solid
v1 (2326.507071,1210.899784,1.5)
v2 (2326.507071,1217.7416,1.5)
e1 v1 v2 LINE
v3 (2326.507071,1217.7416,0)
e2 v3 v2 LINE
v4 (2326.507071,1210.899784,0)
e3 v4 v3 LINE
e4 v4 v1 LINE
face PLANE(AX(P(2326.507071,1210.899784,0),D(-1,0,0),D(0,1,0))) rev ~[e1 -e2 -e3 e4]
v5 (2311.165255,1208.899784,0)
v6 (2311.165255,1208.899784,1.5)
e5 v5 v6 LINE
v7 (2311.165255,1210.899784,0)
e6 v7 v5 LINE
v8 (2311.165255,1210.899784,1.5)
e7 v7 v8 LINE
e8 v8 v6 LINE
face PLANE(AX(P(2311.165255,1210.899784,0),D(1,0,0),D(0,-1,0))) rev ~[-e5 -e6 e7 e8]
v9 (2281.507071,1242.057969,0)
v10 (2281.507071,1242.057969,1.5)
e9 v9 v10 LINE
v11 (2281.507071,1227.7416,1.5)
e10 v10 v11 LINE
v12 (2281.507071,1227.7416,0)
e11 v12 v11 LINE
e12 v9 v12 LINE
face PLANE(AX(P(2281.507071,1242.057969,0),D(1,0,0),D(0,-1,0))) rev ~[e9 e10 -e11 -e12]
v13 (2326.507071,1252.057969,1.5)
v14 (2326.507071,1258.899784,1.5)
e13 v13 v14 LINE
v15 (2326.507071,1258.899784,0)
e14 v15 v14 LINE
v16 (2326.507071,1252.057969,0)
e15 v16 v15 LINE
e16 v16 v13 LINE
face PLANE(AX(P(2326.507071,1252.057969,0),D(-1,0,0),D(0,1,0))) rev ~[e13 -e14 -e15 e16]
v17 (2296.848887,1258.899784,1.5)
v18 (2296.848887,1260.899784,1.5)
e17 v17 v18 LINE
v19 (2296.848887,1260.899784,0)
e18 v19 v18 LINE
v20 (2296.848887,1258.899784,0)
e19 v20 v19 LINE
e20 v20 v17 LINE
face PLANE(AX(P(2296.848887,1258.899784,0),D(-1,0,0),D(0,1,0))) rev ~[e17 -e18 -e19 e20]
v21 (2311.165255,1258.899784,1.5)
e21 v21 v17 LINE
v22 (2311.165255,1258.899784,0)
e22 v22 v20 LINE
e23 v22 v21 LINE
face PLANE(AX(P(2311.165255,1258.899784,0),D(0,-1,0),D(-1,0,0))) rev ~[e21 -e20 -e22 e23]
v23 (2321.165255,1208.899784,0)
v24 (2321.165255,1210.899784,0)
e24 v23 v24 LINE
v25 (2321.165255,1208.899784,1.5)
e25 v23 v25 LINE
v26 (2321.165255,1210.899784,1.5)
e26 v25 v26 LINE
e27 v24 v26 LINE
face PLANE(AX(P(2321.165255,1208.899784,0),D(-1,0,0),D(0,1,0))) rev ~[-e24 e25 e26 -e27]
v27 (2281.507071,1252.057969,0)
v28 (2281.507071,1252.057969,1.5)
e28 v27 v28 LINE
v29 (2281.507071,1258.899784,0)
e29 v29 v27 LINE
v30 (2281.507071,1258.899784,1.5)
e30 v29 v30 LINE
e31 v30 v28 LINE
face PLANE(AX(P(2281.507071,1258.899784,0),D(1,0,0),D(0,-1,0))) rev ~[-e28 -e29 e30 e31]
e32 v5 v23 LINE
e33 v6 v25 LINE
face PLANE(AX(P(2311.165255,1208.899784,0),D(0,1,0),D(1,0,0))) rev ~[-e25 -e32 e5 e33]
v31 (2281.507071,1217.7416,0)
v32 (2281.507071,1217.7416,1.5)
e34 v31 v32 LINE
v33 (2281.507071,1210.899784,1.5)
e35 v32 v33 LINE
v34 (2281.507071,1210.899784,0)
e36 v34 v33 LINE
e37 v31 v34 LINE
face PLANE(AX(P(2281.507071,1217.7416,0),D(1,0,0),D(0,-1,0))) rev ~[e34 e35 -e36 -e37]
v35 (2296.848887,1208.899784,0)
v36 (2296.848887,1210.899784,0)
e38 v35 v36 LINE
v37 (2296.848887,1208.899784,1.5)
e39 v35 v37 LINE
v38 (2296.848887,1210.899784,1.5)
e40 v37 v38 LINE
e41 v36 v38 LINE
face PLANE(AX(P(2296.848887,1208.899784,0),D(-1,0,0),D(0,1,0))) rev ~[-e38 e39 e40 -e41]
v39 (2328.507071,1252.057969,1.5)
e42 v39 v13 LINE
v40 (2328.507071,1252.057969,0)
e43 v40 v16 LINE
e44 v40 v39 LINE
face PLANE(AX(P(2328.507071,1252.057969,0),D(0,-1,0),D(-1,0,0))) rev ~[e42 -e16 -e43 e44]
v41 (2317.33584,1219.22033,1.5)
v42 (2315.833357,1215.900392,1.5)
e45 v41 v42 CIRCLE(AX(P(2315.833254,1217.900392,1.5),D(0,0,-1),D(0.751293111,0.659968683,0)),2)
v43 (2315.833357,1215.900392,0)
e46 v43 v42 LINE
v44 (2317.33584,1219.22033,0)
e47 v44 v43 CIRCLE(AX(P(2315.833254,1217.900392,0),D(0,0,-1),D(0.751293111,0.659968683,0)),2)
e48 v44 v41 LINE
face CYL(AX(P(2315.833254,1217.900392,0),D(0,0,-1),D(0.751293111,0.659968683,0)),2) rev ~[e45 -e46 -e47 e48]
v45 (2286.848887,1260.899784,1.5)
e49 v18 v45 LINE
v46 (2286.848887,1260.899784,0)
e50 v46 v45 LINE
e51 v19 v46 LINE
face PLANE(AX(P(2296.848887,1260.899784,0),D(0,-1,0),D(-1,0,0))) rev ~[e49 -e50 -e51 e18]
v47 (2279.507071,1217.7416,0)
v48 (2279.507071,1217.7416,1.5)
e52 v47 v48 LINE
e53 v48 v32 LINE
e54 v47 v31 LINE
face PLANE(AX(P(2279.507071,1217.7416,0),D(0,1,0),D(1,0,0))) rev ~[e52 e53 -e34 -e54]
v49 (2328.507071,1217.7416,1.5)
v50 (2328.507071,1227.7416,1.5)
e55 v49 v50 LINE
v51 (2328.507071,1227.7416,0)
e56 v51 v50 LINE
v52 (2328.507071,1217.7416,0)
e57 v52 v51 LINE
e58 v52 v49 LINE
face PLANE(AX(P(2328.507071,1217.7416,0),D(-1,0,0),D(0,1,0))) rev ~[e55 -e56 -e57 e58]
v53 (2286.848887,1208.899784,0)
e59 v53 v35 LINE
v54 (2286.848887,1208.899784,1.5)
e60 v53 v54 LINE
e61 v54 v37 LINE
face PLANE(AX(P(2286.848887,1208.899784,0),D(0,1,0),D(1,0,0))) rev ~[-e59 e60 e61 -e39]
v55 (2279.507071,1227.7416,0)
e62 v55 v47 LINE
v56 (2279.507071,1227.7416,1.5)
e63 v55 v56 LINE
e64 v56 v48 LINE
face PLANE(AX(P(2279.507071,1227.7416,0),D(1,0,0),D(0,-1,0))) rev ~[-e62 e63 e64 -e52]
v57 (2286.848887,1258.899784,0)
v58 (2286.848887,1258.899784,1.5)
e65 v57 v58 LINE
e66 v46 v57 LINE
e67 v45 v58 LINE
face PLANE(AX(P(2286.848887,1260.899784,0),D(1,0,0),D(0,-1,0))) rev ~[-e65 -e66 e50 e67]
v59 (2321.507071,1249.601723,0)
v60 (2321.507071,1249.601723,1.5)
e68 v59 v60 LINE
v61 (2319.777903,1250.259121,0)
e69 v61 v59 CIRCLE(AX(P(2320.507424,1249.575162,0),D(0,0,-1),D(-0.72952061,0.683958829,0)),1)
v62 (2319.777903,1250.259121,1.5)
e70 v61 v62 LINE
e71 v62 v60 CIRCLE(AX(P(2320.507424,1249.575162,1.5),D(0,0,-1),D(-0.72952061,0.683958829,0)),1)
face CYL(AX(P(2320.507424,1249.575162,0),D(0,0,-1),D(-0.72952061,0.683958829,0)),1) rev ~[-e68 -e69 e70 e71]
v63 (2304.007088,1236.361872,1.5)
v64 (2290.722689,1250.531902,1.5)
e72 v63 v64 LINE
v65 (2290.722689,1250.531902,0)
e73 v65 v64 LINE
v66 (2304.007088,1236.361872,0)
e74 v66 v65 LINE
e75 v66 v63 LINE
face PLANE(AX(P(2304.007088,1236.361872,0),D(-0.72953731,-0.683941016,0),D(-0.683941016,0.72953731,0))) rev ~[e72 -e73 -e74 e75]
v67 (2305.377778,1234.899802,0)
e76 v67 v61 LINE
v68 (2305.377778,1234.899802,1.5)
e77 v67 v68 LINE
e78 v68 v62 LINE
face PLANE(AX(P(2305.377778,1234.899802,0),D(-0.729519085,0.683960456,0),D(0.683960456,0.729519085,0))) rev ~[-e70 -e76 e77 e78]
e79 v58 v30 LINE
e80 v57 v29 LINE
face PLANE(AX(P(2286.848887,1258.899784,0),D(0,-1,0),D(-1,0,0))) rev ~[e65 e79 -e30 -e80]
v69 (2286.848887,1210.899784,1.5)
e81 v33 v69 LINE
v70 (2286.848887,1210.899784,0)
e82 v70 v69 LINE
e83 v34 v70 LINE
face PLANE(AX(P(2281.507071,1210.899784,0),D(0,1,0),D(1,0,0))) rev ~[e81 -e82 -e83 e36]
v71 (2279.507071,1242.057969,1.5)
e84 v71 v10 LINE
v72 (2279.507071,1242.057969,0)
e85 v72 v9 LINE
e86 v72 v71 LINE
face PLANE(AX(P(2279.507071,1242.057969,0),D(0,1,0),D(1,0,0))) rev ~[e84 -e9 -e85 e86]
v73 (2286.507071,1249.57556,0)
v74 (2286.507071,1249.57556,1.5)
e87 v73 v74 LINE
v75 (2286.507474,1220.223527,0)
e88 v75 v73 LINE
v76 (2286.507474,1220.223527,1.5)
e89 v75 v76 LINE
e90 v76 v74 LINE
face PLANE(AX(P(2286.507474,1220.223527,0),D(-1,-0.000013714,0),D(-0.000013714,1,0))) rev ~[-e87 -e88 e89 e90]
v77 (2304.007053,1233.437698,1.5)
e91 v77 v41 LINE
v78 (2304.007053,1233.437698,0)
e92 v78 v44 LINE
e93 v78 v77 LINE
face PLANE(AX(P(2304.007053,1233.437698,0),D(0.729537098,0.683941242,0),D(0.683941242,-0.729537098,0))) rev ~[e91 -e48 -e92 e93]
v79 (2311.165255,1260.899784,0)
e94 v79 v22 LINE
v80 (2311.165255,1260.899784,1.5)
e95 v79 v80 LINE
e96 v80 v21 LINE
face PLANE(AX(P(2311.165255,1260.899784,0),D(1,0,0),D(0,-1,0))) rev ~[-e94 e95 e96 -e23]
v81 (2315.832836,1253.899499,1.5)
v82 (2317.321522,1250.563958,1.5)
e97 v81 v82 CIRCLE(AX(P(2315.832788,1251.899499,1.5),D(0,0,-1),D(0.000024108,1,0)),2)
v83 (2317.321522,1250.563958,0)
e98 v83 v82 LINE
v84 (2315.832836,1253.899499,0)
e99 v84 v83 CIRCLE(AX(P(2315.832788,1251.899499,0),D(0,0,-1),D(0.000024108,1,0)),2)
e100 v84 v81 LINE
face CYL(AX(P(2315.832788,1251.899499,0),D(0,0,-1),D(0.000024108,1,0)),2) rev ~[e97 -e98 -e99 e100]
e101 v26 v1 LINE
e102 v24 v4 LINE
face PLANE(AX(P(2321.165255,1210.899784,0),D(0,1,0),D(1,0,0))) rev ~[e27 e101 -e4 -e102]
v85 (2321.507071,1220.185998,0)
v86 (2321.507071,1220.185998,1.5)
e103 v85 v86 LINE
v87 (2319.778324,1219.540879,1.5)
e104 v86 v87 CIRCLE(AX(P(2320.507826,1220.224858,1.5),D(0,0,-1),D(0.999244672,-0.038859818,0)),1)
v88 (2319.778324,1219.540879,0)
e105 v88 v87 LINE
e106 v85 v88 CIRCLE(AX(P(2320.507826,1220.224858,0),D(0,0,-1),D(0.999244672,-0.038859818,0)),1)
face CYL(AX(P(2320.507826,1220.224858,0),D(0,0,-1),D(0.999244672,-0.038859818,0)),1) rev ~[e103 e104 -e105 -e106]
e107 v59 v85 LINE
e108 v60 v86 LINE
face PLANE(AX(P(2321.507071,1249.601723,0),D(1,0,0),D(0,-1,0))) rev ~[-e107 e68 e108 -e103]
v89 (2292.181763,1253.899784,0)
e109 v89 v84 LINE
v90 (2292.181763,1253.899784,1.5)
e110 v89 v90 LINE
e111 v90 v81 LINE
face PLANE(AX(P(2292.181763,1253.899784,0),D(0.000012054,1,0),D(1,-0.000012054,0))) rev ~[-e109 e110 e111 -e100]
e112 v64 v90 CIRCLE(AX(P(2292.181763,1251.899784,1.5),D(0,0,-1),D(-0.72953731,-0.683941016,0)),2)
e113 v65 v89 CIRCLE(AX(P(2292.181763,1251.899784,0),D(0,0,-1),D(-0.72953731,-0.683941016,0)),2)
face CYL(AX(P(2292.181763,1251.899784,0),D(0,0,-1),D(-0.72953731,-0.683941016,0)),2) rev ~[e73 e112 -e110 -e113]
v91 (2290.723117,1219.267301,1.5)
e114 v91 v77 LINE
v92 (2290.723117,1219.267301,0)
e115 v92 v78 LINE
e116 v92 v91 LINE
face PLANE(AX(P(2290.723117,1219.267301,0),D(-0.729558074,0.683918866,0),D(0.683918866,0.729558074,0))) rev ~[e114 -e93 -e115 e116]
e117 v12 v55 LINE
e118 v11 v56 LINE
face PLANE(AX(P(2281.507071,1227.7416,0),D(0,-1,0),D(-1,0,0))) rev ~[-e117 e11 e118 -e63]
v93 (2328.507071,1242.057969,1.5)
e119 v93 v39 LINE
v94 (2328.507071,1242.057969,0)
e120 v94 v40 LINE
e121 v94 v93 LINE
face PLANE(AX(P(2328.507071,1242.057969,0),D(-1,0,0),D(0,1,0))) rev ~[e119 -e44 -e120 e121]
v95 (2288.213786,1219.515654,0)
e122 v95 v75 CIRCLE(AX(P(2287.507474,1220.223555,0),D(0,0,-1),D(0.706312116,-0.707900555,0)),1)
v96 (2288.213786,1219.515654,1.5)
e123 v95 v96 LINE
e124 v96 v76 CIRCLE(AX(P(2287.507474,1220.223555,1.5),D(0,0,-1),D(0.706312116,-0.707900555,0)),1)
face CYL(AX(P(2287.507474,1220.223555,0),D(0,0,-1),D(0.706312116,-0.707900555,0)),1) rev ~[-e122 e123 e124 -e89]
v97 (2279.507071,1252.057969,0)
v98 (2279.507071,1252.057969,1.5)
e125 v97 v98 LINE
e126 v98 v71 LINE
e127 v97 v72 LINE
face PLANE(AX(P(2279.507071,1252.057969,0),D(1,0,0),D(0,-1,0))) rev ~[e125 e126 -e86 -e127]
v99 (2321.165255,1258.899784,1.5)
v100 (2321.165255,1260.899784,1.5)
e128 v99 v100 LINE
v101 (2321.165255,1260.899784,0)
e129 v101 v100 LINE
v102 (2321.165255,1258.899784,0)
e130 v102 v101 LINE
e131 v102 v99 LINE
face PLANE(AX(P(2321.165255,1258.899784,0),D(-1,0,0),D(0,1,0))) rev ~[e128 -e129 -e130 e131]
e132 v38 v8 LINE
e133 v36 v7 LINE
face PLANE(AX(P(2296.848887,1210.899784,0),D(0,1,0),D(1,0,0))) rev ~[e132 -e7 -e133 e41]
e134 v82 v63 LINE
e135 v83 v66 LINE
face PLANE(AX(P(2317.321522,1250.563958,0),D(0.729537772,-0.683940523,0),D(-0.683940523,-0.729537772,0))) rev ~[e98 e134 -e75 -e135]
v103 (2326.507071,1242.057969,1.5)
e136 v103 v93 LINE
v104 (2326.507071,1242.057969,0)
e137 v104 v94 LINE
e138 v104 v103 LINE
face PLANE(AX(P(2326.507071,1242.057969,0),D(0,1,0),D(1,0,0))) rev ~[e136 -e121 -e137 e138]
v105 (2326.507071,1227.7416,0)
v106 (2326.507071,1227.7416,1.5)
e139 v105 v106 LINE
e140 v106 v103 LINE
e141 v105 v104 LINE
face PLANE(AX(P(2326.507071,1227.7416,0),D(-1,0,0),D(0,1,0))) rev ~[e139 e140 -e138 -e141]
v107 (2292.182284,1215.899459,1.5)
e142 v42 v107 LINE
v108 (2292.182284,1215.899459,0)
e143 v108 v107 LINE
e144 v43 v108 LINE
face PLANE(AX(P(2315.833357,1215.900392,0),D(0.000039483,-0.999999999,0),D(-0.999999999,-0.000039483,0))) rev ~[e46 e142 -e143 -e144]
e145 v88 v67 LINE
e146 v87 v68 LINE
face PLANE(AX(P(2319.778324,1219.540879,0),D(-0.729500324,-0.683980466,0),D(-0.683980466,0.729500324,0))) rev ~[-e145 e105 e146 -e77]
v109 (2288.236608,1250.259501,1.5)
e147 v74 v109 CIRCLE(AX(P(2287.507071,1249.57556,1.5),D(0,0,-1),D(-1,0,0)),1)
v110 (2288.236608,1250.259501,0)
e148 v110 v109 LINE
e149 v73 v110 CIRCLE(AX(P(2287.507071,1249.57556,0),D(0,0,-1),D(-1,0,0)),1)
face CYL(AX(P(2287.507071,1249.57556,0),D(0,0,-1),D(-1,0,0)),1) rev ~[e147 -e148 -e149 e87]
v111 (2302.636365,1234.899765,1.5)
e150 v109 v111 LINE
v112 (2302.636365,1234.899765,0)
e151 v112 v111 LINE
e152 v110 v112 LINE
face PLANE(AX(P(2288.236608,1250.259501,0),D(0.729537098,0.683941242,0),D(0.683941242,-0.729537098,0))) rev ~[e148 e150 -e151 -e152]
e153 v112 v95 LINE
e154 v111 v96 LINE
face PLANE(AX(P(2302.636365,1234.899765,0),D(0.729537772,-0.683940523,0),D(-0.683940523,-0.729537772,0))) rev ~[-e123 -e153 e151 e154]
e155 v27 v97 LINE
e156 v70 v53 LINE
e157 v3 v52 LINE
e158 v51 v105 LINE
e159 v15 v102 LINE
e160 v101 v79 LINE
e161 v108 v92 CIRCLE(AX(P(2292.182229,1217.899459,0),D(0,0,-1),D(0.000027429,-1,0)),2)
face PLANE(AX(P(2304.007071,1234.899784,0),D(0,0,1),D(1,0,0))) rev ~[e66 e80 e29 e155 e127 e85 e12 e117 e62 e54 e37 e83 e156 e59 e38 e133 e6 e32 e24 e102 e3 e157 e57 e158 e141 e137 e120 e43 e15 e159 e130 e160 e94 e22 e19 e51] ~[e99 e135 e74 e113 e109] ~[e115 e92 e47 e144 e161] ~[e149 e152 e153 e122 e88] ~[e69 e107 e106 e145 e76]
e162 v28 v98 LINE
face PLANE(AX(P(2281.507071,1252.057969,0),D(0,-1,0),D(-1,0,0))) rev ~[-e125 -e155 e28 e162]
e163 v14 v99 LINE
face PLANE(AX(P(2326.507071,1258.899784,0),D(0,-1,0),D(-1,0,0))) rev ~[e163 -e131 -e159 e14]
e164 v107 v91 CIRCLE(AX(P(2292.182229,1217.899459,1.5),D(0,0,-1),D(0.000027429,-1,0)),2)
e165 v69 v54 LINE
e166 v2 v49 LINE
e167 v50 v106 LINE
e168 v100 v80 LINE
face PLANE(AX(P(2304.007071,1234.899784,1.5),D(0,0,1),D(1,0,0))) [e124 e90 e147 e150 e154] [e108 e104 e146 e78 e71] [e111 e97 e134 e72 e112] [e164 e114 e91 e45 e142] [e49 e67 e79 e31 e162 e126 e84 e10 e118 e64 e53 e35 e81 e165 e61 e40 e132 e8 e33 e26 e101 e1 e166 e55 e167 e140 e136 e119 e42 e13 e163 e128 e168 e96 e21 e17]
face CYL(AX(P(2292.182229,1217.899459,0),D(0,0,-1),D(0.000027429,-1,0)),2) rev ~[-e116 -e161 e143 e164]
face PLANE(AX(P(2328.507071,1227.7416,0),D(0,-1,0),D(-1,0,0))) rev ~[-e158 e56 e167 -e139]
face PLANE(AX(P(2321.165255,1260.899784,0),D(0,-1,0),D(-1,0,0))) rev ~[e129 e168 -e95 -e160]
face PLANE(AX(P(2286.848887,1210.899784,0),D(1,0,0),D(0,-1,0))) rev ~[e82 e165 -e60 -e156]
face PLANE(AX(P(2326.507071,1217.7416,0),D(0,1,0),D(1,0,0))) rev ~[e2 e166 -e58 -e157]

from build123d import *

# Parameters (mm, degrees)
EXTRUDE_1_DEPTH = 1.5


with BuildPart() as part:
    # 草图1 → 凸台-拉伸1 (new body)
    with BuildSketch(Plane.XY):
        Polygon((2296.848886703, 1258.899784257), (2296.848886703, 1260.899784257), (2286.848886703, 1260.899784257), (2286.848886703, 1258.899784257), (2281.507070967, 1258.899784257), (2281.507070967, 1252.057968521), (2279.507070967, 1252.057968521), (2279.507070967, 1242.057968521), (2281.507070967, 1242.057968521), (2281.507070967, 1227.741599993), (2279.507070967, 1227.741599993), (2279.507070967, 1217.741599993), (2281.507070967, 1217.741599993), (2281.507070967, 1210.899784257), (2286.848886703, 1210.899784257), (2286.848886703, 1208.899784257), (2296.848886703, 1208.899784257), (2296.848886703, 1210.899784257), (2311.165255231, 1210.899784257), (2311.165255231, 1208.899784257), (2321.165255231, 1208.899784257), (2321.165255231, 1210.899784257), (2326.507070967, 1210.899784257), (2326.507070967, 1217.741599993), (2328.507070967, 1217.741599993), (2328.507070967, 1227.741599993), (2326.507070967, 1227.741599993), (2326.507070967, 1242.057968521), (2328.507070967, 1242.057968521), (2328.507070967, 1252.057968521), (2326.507070967, 1252.057968521), (2326.507070967, 1258.899784257), (2321.165255231, 1258.899784257), (2321.165255231, 1260.899784257), (2311.165255231, 1260.899784257), (2311.165255231, 1258.899784257), (2304.007070967, 1258.899784257), align=None)
        with BuildLine():
            ThreePointArc((2286.507070967, 1249.575559728), (2287.139332676, 1250.505489053), (2288.236608066, 1250.259500969))
            Line((2288.236608066, 1250.259500969), (2302.636365199, 1234.899764783))
            Line((2302.636365199, 1234.899764783), (2288.21378563, 1219.515654308))
            ThreePointArc((2288.21378563, 1219.515654308), (2287.124283961, 1219.299885135), (2286.507473515, 1220.223527434))
            Line((2286.507473515, 1220.223527434), (2286.507070967, 1249.575559728))
        make_face(mode=Mode.SUBTRACT)
        with BuildLine():
            Line((2290.723117316, 1219.267300568), (2304.007052849, 1233.437698409))
            Line((2304.007052849, 1233.437698409), (2317.335840115, 1219.220329728))
            ThreePointArc((2317.335840115, 1219.220329728), (2317.655344671, 1217.075780213), (2315.833356966, 1215.900392367))
            Line((2315.833356966, 1215.900392367), (2292.182284313, 1215.899458558))
            ThreePointArc((2292.182284313, 1215.899458558), (2290.347072244, 1217.104349752), (2290.723117316, 1219.267300568))
        make_face(mode=Mode.SUBTRACT)
        with BuildLine():
            ThreePointArc((2319.77790316, 1250.259120778), (2320.862789914, 1250.509889131), (2321.507070967, 1249.601722869))
            Line((2321.507070967, 1249.601722869), (2321.507070967, 1220.185997989))
            ThreePointArc((2321.507070967, 1220.185997989), (2320.857447426, 1219.287966637), (2319.778324446, 1219.540878969))
            Line((2319.778324446, 1219.540878969), (2305.377777603, 1234.89980238))
            Line((2305.377777603, 1234.89980238), (2319.77790316, 1250.259120778))
        make_face(mode=Mode.SUBTRACT)
        with BuildLine():
            Line((2304.007088097, 1236.36187164), (2290.722688538, 1250.531902224))
            ThreePointArc((2290.722688538, 1250.531902224), (2290.346584138, 1252.694842725), (2292.181763157, 1253.899784257))
            Line((2292.181763157, 1253.899784257), (2315.832835828, 1253.899499172))
            ThreePointArc((2315.832835828, 1253.899499172), (2317.659143856, 1252.714620558), (2317.32152184, 1250.563957934))
            Line((2317.32152184, 1250.563957934), (2304.007088097, 1236.36187164))
        make_face(mode=Mode.SUBTRACT)
    extrude(amount=EXTRUDE_1_DEPTH)


solid = part.part
